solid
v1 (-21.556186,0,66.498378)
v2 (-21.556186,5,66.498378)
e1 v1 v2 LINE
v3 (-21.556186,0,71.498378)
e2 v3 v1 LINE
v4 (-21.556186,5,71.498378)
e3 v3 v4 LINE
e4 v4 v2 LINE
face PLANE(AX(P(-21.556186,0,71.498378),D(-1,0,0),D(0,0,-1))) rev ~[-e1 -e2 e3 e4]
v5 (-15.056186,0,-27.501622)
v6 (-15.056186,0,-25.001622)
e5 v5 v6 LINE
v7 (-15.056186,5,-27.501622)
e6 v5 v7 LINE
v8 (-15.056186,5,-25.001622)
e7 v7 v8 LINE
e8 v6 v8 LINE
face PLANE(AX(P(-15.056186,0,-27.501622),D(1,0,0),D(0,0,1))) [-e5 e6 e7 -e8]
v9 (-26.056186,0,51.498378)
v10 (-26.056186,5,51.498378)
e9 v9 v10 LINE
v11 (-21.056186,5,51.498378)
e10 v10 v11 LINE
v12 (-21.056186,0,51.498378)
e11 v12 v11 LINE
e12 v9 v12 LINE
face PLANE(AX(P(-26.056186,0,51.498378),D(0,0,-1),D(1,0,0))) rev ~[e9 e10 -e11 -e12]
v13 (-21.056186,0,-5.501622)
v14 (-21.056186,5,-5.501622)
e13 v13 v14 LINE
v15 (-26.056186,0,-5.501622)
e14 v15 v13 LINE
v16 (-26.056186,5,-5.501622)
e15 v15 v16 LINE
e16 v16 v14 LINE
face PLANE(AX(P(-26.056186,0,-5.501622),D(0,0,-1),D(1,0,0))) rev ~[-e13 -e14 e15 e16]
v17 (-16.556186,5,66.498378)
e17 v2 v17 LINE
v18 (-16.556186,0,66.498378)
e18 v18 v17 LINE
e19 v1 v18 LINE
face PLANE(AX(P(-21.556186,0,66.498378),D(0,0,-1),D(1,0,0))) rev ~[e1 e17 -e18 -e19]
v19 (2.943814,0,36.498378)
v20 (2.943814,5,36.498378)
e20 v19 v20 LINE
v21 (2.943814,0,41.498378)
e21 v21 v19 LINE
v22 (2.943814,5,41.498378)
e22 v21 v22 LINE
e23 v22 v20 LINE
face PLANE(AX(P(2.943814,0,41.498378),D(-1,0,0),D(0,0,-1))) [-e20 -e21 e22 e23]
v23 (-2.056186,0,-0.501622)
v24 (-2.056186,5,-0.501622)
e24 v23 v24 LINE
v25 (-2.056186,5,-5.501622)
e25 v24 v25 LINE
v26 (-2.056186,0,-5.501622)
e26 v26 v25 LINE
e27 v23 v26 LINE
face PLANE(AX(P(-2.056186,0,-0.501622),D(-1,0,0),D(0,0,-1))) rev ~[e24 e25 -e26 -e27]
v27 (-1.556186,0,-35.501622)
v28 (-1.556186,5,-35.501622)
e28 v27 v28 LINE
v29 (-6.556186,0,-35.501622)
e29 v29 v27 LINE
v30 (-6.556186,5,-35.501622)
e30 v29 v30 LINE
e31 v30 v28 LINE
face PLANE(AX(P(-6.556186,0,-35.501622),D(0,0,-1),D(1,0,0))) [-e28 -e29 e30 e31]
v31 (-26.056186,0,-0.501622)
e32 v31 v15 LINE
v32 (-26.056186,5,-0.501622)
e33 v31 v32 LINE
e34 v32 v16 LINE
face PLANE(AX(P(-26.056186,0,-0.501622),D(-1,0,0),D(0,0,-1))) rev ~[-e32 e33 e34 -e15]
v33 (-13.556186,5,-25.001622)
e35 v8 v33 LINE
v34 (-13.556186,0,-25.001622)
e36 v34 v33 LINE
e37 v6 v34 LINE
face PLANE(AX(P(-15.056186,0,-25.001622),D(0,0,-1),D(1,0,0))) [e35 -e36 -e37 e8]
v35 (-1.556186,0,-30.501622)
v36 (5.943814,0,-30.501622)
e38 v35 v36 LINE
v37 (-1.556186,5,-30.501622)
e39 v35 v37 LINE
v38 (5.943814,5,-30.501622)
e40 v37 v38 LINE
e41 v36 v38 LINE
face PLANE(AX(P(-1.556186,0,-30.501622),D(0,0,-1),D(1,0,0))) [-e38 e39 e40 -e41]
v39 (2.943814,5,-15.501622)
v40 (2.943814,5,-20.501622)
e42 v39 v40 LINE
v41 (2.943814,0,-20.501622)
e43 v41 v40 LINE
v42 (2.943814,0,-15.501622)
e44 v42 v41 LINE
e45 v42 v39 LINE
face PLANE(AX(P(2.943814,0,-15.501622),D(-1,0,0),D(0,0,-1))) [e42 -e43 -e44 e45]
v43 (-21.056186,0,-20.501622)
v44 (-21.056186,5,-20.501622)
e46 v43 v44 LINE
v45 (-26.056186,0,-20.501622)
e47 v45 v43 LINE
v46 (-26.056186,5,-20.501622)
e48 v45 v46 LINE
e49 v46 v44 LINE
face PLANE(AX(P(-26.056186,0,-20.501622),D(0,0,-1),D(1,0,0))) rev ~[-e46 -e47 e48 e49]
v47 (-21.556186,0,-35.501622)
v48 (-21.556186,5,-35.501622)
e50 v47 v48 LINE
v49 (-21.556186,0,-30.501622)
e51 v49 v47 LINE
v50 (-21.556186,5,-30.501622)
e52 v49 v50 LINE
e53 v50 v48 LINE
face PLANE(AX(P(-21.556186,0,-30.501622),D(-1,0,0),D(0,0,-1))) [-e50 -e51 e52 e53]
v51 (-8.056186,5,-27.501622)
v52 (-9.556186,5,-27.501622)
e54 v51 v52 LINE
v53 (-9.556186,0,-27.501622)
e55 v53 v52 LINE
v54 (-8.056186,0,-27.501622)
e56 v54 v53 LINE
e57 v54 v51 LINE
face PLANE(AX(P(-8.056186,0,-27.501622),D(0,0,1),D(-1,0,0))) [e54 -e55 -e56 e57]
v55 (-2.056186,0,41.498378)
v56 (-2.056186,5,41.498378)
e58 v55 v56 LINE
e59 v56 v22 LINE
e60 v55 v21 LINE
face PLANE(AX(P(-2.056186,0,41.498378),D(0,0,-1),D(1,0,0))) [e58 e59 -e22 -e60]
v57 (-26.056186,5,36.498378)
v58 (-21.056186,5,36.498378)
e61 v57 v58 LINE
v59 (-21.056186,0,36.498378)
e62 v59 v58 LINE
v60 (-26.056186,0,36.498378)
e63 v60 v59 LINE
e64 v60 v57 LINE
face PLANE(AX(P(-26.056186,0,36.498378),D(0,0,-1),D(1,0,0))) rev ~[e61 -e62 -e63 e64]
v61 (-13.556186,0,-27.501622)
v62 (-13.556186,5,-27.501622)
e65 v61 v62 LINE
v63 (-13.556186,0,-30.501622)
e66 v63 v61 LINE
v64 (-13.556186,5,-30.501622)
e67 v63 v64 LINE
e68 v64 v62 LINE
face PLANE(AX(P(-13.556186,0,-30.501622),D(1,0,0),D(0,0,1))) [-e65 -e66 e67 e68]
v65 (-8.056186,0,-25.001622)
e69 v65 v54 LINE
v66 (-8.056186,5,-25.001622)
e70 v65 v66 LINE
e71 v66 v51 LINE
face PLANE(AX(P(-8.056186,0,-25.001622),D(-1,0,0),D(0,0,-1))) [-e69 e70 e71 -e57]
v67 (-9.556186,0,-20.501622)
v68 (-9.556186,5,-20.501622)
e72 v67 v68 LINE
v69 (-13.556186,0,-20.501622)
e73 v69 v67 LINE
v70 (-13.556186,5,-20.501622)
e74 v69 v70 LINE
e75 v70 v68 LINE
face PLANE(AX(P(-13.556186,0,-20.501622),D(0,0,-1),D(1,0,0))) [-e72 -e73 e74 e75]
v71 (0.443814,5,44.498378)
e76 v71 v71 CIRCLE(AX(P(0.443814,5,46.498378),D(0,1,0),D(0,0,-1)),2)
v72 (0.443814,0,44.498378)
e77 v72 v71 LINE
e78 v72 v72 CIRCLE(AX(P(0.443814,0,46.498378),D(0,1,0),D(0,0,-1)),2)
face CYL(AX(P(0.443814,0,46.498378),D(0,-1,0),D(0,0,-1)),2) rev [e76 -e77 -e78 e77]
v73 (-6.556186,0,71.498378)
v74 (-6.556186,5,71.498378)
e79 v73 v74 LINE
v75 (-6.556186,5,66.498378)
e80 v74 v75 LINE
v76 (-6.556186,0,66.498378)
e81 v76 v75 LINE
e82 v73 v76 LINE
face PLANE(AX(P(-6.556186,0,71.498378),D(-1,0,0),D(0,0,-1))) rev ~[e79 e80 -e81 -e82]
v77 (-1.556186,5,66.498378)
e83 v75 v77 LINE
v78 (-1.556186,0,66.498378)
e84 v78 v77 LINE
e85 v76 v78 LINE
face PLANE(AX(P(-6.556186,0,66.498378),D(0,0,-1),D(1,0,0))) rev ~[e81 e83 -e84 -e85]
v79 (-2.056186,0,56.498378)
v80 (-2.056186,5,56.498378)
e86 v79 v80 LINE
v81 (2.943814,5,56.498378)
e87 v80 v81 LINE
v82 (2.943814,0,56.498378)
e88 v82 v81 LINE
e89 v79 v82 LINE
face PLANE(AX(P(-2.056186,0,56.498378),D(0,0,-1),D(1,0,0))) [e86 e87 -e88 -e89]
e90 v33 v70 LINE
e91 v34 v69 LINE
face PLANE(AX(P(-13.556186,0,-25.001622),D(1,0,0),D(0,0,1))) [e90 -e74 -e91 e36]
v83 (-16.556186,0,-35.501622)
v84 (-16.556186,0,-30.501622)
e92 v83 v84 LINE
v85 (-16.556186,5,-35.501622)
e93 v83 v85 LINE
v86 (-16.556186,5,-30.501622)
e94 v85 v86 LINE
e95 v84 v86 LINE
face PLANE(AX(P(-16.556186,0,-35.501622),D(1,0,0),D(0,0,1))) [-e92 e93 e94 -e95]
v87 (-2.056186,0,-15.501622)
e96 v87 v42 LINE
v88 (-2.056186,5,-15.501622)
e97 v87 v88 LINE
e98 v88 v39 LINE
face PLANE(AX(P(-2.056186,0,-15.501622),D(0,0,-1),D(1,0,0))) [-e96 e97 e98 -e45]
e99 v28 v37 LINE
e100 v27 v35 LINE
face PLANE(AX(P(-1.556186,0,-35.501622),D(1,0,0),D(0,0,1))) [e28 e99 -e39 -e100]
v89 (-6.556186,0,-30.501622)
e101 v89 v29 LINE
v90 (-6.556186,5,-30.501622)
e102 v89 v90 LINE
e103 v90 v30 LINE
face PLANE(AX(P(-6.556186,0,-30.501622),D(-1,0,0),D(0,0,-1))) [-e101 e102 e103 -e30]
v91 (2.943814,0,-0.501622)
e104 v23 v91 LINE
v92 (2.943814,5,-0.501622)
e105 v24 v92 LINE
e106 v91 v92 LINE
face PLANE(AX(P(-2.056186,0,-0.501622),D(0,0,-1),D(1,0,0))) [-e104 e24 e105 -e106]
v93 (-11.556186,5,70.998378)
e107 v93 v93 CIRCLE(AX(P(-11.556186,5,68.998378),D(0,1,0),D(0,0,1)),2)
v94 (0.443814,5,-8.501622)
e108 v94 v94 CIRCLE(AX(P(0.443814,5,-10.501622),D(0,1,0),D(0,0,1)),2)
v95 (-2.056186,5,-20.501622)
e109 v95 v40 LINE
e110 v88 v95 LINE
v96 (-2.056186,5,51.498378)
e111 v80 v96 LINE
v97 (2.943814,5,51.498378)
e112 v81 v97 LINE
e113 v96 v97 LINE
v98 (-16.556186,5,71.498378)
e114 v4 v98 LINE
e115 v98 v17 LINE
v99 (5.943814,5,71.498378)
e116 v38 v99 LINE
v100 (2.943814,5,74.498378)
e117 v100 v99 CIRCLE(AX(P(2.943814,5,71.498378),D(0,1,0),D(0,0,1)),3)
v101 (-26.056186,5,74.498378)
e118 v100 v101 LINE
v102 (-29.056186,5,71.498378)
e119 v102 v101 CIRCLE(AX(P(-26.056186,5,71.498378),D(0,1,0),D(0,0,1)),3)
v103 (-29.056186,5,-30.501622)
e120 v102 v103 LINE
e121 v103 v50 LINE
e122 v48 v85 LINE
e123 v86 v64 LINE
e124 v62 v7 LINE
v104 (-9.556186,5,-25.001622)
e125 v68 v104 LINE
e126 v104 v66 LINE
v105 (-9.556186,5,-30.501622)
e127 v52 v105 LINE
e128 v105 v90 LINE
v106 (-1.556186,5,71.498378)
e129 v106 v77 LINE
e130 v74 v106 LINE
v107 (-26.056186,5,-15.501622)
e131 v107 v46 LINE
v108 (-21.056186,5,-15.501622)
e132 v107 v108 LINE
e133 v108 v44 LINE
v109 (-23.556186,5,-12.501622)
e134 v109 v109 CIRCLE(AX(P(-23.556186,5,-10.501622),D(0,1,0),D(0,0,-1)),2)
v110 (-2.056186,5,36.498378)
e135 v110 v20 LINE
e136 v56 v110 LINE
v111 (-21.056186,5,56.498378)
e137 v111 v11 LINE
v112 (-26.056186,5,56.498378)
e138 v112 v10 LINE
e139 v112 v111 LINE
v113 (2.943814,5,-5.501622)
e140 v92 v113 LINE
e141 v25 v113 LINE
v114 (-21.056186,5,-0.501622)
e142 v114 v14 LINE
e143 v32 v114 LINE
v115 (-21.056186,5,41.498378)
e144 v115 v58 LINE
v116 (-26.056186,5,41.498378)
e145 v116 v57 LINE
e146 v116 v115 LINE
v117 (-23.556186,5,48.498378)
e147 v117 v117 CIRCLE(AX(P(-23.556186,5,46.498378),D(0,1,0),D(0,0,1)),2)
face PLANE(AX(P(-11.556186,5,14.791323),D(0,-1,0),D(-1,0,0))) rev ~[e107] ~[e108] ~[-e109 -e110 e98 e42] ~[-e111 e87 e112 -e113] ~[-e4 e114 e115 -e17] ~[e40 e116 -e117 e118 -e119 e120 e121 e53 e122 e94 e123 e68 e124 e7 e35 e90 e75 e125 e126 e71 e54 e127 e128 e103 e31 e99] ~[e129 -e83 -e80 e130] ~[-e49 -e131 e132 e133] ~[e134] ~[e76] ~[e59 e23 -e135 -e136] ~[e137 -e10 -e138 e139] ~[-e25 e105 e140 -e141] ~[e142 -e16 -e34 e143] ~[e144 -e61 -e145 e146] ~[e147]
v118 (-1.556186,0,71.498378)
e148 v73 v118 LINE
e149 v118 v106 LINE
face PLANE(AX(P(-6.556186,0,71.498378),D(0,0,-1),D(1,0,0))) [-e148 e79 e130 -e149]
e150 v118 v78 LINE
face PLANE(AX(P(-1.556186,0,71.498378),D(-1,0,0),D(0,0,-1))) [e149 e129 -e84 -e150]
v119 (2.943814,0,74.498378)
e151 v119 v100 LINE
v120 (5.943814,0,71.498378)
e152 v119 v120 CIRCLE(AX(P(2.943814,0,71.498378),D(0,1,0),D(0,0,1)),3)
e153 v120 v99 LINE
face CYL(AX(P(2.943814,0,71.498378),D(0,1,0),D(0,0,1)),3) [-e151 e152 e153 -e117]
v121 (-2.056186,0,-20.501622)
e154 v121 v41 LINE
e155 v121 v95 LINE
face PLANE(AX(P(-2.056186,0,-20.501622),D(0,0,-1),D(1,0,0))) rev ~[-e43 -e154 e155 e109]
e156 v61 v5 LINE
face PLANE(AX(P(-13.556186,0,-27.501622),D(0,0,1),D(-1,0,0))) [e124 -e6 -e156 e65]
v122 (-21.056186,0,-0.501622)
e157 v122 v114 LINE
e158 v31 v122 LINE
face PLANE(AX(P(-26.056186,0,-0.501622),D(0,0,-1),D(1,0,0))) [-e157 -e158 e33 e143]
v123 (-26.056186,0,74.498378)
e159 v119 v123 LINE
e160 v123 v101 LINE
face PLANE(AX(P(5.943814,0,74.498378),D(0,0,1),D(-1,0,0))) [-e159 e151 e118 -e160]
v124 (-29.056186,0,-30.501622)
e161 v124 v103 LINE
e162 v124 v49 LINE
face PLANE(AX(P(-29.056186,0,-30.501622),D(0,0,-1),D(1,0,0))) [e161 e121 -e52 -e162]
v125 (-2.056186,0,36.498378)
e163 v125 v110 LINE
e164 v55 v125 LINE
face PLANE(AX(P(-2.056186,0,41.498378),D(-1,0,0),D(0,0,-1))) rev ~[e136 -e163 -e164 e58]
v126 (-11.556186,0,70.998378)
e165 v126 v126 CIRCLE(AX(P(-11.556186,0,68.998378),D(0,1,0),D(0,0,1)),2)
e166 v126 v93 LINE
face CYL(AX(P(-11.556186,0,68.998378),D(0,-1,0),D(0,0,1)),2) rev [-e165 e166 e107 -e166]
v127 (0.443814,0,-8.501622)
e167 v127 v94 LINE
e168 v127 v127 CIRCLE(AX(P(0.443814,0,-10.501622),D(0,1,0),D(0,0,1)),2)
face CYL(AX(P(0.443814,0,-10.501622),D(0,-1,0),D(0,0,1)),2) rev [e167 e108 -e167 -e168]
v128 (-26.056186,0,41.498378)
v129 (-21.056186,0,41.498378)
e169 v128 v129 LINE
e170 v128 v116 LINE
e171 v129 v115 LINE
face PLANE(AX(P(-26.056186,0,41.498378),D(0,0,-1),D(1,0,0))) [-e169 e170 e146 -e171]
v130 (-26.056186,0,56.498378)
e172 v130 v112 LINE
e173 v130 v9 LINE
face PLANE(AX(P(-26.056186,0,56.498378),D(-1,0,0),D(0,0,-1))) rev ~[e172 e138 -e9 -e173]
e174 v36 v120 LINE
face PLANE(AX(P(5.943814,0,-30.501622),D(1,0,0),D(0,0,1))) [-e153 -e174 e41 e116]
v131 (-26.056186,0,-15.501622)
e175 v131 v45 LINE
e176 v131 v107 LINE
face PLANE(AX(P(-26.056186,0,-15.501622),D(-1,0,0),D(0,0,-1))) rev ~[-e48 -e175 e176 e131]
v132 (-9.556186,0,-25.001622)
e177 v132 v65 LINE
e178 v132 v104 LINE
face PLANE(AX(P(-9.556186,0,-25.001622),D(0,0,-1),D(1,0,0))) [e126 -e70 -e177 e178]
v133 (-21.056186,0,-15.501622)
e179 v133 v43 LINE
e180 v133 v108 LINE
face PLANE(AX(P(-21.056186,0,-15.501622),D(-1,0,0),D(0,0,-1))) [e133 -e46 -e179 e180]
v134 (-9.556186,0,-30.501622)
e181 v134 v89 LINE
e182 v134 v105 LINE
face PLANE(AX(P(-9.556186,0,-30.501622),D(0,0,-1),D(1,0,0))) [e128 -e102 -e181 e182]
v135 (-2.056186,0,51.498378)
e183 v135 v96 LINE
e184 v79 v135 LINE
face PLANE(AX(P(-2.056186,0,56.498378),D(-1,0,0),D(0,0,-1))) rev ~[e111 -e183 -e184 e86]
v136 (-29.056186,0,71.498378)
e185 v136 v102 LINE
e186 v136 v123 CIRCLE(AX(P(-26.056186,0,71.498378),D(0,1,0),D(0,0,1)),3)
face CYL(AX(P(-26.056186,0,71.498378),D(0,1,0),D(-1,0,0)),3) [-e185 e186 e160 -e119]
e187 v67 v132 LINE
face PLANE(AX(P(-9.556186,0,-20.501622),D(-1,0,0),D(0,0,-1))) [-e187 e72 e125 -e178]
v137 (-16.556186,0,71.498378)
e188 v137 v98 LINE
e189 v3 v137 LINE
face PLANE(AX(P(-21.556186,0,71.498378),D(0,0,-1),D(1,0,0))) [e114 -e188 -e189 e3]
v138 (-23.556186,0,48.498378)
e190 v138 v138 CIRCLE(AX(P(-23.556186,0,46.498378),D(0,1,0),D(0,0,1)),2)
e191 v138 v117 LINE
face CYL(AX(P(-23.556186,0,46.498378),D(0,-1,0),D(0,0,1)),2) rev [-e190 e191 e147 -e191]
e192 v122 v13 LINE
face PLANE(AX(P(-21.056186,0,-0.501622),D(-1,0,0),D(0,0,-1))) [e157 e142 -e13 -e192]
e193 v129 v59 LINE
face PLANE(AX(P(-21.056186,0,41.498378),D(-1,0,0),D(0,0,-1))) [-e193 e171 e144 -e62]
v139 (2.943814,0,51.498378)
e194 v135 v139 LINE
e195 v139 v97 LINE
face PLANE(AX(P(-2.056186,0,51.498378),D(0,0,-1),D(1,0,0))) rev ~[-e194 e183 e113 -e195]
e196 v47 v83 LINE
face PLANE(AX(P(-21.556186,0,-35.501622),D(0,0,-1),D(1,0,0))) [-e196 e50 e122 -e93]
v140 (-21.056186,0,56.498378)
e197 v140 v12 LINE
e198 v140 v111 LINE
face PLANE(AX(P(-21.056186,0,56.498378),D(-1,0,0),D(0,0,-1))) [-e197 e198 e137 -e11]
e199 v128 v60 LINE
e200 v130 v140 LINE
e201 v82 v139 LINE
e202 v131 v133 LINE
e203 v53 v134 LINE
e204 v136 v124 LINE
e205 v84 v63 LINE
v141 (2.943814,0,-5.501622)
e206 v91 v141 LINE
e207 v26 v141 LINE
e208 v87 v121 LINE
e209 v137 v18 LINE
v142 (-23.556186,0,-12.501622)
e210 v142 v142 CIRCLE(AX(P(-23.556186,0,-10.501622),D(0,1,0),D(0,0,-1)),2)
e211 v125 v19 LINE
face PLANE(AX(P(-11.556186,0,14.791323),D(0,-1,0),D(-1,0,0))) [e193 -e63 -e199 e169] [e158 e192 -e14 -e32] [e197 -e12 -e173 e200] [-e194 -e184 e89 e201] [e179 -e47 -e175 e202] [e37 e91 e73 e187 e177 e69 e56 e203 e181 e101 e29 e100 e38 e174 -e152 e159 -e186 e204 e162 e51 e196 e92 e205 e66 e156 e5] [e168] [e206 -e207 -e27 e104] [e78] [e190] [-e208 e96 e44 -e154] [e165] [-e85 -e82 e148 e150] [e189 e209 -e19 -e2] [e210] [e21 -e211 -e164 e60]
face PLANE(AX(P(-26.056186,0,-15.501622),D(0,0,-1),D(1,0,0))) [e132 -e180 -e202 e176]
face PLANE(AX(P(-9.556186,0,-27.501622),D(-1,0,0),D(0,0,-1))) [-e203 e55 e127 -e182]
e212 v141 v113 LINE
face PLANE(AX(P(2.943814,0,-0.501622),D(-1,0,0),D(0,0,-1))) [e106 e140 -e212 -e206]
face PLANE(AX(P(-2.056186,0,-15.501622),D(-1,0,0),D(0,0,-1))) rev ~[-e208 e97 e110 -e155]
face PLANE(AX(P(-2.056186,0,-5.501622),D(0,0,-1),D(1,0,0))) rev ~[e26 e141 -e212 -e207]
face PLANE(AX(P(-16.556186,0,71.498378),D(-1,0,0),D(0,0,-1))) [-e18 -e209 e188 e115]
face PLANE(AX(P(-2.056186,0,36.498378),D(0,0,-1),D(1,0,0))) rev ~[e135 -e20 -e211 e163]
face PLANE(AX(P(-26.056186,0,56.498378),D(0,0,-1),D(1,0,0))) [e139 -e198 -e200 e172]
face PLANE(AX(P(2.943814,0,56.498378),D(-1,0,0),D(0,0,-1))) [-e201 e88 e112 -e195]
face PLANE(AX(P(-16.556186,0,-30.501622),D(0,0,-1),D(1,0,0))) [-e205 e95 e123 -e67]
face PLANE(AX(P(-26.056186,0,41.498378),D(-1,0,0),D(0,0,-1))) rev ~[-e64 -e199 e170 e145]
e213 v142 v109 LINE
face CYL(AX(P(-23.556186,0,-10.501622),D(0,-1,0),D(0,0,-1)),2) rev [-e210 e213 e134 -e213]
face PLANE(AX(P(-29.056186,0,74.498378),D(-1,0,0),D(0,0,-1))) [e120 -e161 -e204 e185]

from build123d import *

# Parameters (mm, degrees)
SKETCH1_R           = 2
SKETCH1_W           = 5
SKETCH1_H           = 5
BOSS_EXTRUDE7_DEPTH = 5
FILLET2_R           = 3


with BuildPart() as part:
    # Sketch1 → Boss-Extrude7 (new body)
    with BuildSketch(Plane(origin=(0, 0, 0), x_dir=(1, 0, 0), z_dir=(0, 1, 0))):
        Polygon((-29.056186132, 30.501621615), (-21.556186132, 30.501621615), (-21.556186132, 35.501621615), (-16.556186132, 35.501621615), (-16.556186132, 30.501621615), (-13.556186132, 30.501621615), (-13.556186132, 27.501621615), (-15.056186132, 27.501621615), (-15.056186132, 25.001621615), (-13.556186132, 25.001621615), (-13.556186132, 20.501621615), (-9.556186132, 20.501621615), (-9.556186132, 25.001621615), (-8.056186132, 25.001621615), (-8.056186132, 27.501621615), (-9.556186132, 27.501621615), (-9.556186132, 30.501621615), (-6.556186132, 30.501621615), (-6.556186132, 35.501621615), (-1.556186132, 35.501621615), (-1.556186132, 30.501621615), (5.943813868, 30.501621615), (5.943813868, -74.498378385), (-29.056186132, -74.498378385), align=None)
        with Locations(Location((0.443813868, 10.501621615, 0), (0, 0, 270))):
            Circle(SKETCH1_R, mode=Mode.SUBTRACT)
        with Locations(Location((-23.556186132, 10.501621615, 0), (0, 0, 90))):
            Circle(SKETCH1_R, mode=Mode.SUBTRACT)
        with Locations(Location((0.443813868, -46.498378385, 0), (0, 0, 90))):
            Circle(SKETCH1_R, mode=Mode.SUBTRACT)
        with Locations(Location((-23.556186132, -46.498378385, 0), (0, 0, 270))):
            Circle(SKETCH1_R, mode=Mode.SUBTRACT)
        with Locations(Location((-11.556186132, -68.998378385, 0), (0, 0, 270))):
            Circle(SKETCH1_R, mode=Mode.SUBTRACT)
        with Locations((-23.556186132, 3.001621615)):
            Rectangle(SKETCH1_W, SKETCH1_H, mode=Mode.SUBTRACT)
        with Locations((-23.556186132, 18.001621615)):
            Rectangle(SKETCH1_W, SKETCH1_H, mode=Mode.SUBTRACT)
        with Locations((0.443813868, 3.001621615)):
            Rectangle(SKETCH1_W, SKETCH1_H, mode=Mode.SUBTRACT)
        with Locations((0.443813868, 18.001621615)):
            Rectangle(SKETCH1_W, SKETCH1_H, mode=Mode.SUBTRACT)
        with Locations((0.443813868, -38.998378385)):
            Rectangle(SKETCH1_W, SKETCH1_H, mode=Mode.SUBTRACT)
        with Locations((0.443813868, -53.998378385)):
            Rectangle(SKETCH1_W, SKETCH1_H, mode=Mode.SUBTRACT)
        with Locations((-23.556186132, -53.998378385)):
            Rectangle(SKETCH1_W, SKETCH1_H, mode=Mode.SUBTRACT)
        with Locations((-23.556186132, -38.998378385)):
            Rectangle(SKETCH1_W, SKETCH1_H, mode=Mode.SUBTRACT)
        with Locations((-19.056186132, -68.998378385)):
            Rectangle(SKETCH1_W, SKETCH1_H, mode=Mode.SUBTRACT)
        with Locations((-4.056186132, -68.998378385)):
            Rectangle(SKETCH1_W, SKETCH1_H, mode=Mode.SUBTRACT)
    extrude(amount=BOSS_EXTRUDE7_DEPTH)

    # Fillet2
    fillet2_edges = [part.edges().sort_by_distance(p)[0] for p in [
        (5.943813868, 2.5, 74.498378385),
        (-29.056186132, 2.5, 74.498378385),
    ]]
    fillet(fillet2_edges, radius=FILLET2_R)


solid = part.part
